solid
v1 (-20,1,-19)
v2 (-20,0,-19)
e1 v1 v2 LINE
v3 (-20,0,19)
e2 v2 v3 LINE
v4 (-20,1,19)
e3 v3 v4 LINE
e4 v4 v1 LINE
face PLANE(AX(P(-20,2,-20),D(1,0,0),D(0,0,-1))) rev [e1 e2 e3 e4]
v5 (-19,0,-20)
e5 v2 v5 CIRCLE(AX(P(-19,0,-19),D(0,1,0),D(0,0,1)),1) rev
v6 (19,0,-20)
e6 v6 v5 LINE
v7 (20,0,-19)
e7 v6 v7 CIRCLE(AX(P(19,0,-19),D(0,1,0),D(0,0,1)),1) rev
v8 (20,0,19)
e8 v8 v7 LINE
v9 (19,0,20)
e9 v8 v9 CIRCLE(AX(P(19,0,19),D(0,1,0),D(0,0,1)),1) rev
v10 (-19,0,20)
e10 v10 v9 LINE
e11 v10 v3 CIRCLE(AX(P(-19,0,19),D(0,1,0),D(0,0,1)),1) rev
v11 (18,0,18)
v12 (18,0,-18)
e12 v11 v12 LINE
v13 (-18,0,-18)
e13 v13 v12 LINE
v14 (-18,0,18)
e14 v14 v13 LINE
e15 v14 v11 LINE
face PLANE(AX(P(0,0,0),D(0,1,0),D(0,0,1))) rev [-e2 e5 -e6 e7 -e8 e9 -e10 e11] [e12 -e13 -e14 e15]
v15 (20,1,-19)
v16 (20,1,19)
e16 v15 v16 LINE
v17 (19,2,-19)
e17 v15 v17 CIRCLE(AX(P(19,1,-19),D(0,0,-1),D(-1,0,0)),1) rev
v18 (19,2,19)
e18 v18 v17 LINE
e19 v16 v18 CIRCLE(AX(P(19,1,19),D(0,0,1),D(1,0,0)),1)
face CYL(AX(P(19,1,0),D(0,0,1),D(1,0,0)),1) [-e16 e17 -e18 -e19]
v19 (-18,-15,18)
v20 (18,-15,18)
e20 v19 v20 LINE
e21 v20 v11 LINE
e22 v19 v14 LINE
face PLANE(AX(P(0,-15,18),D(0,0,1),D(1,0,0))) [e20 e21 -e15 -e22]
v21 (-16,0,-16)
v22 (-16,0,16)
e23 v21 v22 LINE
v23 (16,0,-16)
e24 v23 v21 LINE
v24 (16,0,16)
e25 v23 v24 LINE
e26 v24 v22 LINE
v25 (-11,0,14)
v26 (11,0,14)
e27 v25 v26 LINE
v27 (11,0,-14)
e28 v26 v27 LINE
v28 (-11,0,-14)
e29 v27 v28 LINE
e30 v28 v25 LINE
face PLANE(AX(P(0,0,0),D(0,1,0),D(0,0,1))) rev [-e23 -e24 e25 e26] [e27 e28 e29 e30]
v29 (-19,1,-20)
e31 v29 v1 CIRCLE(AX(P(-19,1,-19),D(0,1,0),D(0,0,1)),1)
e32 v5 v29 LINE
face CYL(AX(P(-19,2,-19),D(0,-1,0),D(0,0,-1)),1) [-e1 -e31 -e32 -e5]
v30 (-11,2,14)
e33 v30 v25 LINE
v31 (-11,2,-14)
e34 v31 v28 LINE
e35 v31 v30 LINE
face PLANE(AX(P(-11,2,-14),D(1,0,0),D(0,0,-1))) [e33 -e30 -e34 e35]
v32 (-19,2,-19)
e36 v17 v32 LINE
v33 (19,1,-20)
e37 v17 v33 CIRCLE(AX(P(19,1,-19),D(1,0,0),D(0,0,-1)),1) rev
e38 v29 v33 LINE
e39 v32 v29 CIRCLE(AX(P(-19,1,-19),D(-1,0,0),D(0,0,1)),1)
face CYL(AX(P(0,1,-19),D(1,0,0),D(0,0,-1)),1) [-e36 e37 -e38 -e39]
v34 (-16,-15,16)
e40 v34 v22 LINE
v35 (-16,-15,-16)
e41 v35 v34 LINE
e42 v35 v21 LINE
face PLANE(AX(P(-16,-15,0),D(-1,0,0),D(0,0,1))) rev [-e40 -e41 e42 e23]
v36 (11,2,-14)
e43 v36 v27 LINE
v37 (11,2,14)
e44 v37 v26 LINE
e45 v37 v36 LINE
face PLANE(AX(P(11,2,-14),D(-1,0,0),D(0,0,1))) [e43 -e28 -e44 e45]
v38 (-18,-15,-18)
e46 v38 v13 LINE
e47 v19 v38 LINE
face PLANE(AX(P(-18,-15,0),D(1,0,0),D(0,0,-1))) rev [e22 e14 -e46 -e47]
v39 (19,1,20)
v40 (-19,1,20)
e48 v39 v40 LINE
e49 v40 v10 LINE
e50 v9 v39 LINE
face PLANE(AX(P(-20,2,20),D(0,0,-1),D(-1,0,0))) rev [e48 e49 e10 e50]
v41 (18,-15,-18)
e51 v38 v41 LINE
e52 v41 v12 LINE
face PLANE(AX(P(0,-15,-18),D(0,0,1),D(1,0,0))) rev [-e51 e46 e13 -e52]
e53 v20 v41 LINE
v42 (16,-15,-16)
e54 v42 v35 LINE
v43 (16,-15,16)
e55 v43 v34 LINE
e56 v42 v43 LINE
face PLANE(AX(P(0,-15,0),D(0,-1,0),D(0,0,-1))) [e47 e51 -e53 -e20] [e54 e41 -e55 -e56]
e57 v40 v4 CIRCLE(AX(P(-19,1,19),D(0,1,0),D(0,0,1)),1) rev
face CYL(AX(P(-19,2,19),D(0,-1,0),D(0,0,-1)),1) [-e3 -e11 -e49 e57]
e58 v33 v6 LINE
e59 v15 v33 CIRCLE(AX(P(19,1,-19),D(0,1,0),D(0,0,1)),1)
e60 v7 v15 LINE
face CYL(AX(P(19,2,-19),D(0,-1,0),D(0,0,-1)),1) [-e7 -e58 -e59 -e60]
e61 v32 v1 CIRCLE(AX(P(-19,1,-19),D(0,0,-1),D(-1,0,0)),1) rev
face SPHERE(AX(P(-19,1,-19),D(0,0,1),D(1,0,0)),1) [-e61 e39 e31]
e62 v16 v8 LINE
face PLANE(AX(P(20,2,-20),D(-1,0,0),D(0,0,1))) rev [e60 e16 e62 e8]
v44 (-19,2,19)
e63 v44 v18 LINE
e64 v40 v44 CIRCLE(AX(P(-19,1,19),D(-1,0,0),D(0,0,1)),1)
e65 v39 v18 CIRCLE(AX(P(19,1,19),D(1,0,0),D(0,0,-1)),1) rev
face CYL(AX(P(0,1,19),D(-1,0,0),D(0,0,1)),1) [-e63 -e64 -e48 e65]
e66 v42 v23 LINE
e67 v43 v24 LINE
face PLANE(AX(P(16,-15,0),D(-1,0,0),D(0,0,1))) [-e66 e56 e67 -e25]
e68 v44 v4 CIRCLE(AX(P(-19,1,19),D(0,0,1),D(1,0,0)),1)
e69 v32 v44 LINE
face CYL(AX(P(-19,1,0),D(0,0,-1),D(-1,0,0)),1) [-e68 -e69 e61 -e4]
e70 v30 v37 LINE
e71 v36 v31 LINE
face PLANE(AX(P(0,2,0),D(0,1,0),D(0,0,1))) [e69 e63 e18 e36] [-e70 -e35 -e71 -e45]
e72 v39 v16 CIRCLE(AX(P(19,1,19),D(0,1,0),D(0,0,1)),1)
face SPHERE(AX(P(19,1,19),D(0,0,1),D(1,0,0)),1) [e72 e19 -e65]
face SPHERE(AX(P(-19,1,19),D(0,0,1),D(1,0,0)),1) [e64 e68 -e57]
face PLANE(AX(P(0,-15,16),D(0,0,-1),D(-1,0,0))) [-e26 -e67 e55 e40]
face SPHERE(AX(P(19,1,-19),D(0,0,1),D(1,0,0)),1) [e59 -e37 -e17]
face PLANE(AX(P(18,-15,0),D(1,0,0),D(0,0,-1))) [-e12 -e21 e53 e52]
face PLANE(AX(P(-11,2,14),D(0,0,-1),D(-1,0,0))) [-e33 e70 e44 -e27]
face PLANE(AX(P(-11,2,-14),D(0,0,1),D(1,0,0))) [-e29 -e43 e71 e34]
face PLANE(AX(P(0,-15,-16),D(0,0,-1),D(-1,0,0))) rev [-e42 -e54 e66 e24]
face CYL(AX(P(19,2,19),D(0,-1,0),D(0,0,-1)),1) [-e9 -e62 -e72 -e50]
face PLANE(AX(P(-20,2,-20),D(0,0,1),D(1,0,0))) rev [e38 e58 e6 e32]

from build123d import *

# Parameters (mm, degrees)
SKETCH1_W           = 40
SKETCH1_H           = 40
SKETCH1_W_2         = 22
SKETCH1_H_2         = 28
BOSS_EXTRUDE1_DEPTH = 2
SKETCH2_W           = 36
SKETCH2_H           = 36
SKETCH2_W_2         = 32
SKETCH2_H_2         = 32
BOSS_EXTRUDE2_DEPTH = 15
FILLET1_R           = 1


with BuildPart() as part:
    # Sketch1 → Boss-Extrude1 (new body)
    with BuildSketch(Plane(origin=(0, 0, 0), x_dir=(1, 0, 0), z_dir=(0, 1, 0))):
        Rectangle(SKETCH1_W, SKETCH1_H)
        Rectangle(SKETCH1_W_2, SKETCH1_H_2, mode=Mode.SUBTRACT)
    extrude(amount=BOSS_EXTRUDE1_DEPTH)

    # Sketch2 → Boss-Extrude2 (add)
    with BuildSketch(Plane(origin=(0, 0, 0), x_dir=(-1, 0, 0), z_dir=(0, -1, 0))):
        Rectangle(SKETCH2_W, SKETCH2_H)
        Rectangle(SKETCH2_W_2, SKETCH2_H_2, mode=Mode.SUBTRACT)
    extrude(amount=BOSS_EXTRUDE2_DEPTH)

    # Fillet1
    fillet1_edges = [part.edges().sort_by_distance(p)[0] for p in [
        (-20, 2, 0),
        (0, 2, 20),
        (20, 2, 0),
        (0, 2, -20),
        (20, 1, 20),
        (-20, 1, 20),
        (-20, 1, -20),
        (20, 1, -20),
    ]]
    fillet(fillet1_edges, radius=FILLET1_R)


solid = part.part
